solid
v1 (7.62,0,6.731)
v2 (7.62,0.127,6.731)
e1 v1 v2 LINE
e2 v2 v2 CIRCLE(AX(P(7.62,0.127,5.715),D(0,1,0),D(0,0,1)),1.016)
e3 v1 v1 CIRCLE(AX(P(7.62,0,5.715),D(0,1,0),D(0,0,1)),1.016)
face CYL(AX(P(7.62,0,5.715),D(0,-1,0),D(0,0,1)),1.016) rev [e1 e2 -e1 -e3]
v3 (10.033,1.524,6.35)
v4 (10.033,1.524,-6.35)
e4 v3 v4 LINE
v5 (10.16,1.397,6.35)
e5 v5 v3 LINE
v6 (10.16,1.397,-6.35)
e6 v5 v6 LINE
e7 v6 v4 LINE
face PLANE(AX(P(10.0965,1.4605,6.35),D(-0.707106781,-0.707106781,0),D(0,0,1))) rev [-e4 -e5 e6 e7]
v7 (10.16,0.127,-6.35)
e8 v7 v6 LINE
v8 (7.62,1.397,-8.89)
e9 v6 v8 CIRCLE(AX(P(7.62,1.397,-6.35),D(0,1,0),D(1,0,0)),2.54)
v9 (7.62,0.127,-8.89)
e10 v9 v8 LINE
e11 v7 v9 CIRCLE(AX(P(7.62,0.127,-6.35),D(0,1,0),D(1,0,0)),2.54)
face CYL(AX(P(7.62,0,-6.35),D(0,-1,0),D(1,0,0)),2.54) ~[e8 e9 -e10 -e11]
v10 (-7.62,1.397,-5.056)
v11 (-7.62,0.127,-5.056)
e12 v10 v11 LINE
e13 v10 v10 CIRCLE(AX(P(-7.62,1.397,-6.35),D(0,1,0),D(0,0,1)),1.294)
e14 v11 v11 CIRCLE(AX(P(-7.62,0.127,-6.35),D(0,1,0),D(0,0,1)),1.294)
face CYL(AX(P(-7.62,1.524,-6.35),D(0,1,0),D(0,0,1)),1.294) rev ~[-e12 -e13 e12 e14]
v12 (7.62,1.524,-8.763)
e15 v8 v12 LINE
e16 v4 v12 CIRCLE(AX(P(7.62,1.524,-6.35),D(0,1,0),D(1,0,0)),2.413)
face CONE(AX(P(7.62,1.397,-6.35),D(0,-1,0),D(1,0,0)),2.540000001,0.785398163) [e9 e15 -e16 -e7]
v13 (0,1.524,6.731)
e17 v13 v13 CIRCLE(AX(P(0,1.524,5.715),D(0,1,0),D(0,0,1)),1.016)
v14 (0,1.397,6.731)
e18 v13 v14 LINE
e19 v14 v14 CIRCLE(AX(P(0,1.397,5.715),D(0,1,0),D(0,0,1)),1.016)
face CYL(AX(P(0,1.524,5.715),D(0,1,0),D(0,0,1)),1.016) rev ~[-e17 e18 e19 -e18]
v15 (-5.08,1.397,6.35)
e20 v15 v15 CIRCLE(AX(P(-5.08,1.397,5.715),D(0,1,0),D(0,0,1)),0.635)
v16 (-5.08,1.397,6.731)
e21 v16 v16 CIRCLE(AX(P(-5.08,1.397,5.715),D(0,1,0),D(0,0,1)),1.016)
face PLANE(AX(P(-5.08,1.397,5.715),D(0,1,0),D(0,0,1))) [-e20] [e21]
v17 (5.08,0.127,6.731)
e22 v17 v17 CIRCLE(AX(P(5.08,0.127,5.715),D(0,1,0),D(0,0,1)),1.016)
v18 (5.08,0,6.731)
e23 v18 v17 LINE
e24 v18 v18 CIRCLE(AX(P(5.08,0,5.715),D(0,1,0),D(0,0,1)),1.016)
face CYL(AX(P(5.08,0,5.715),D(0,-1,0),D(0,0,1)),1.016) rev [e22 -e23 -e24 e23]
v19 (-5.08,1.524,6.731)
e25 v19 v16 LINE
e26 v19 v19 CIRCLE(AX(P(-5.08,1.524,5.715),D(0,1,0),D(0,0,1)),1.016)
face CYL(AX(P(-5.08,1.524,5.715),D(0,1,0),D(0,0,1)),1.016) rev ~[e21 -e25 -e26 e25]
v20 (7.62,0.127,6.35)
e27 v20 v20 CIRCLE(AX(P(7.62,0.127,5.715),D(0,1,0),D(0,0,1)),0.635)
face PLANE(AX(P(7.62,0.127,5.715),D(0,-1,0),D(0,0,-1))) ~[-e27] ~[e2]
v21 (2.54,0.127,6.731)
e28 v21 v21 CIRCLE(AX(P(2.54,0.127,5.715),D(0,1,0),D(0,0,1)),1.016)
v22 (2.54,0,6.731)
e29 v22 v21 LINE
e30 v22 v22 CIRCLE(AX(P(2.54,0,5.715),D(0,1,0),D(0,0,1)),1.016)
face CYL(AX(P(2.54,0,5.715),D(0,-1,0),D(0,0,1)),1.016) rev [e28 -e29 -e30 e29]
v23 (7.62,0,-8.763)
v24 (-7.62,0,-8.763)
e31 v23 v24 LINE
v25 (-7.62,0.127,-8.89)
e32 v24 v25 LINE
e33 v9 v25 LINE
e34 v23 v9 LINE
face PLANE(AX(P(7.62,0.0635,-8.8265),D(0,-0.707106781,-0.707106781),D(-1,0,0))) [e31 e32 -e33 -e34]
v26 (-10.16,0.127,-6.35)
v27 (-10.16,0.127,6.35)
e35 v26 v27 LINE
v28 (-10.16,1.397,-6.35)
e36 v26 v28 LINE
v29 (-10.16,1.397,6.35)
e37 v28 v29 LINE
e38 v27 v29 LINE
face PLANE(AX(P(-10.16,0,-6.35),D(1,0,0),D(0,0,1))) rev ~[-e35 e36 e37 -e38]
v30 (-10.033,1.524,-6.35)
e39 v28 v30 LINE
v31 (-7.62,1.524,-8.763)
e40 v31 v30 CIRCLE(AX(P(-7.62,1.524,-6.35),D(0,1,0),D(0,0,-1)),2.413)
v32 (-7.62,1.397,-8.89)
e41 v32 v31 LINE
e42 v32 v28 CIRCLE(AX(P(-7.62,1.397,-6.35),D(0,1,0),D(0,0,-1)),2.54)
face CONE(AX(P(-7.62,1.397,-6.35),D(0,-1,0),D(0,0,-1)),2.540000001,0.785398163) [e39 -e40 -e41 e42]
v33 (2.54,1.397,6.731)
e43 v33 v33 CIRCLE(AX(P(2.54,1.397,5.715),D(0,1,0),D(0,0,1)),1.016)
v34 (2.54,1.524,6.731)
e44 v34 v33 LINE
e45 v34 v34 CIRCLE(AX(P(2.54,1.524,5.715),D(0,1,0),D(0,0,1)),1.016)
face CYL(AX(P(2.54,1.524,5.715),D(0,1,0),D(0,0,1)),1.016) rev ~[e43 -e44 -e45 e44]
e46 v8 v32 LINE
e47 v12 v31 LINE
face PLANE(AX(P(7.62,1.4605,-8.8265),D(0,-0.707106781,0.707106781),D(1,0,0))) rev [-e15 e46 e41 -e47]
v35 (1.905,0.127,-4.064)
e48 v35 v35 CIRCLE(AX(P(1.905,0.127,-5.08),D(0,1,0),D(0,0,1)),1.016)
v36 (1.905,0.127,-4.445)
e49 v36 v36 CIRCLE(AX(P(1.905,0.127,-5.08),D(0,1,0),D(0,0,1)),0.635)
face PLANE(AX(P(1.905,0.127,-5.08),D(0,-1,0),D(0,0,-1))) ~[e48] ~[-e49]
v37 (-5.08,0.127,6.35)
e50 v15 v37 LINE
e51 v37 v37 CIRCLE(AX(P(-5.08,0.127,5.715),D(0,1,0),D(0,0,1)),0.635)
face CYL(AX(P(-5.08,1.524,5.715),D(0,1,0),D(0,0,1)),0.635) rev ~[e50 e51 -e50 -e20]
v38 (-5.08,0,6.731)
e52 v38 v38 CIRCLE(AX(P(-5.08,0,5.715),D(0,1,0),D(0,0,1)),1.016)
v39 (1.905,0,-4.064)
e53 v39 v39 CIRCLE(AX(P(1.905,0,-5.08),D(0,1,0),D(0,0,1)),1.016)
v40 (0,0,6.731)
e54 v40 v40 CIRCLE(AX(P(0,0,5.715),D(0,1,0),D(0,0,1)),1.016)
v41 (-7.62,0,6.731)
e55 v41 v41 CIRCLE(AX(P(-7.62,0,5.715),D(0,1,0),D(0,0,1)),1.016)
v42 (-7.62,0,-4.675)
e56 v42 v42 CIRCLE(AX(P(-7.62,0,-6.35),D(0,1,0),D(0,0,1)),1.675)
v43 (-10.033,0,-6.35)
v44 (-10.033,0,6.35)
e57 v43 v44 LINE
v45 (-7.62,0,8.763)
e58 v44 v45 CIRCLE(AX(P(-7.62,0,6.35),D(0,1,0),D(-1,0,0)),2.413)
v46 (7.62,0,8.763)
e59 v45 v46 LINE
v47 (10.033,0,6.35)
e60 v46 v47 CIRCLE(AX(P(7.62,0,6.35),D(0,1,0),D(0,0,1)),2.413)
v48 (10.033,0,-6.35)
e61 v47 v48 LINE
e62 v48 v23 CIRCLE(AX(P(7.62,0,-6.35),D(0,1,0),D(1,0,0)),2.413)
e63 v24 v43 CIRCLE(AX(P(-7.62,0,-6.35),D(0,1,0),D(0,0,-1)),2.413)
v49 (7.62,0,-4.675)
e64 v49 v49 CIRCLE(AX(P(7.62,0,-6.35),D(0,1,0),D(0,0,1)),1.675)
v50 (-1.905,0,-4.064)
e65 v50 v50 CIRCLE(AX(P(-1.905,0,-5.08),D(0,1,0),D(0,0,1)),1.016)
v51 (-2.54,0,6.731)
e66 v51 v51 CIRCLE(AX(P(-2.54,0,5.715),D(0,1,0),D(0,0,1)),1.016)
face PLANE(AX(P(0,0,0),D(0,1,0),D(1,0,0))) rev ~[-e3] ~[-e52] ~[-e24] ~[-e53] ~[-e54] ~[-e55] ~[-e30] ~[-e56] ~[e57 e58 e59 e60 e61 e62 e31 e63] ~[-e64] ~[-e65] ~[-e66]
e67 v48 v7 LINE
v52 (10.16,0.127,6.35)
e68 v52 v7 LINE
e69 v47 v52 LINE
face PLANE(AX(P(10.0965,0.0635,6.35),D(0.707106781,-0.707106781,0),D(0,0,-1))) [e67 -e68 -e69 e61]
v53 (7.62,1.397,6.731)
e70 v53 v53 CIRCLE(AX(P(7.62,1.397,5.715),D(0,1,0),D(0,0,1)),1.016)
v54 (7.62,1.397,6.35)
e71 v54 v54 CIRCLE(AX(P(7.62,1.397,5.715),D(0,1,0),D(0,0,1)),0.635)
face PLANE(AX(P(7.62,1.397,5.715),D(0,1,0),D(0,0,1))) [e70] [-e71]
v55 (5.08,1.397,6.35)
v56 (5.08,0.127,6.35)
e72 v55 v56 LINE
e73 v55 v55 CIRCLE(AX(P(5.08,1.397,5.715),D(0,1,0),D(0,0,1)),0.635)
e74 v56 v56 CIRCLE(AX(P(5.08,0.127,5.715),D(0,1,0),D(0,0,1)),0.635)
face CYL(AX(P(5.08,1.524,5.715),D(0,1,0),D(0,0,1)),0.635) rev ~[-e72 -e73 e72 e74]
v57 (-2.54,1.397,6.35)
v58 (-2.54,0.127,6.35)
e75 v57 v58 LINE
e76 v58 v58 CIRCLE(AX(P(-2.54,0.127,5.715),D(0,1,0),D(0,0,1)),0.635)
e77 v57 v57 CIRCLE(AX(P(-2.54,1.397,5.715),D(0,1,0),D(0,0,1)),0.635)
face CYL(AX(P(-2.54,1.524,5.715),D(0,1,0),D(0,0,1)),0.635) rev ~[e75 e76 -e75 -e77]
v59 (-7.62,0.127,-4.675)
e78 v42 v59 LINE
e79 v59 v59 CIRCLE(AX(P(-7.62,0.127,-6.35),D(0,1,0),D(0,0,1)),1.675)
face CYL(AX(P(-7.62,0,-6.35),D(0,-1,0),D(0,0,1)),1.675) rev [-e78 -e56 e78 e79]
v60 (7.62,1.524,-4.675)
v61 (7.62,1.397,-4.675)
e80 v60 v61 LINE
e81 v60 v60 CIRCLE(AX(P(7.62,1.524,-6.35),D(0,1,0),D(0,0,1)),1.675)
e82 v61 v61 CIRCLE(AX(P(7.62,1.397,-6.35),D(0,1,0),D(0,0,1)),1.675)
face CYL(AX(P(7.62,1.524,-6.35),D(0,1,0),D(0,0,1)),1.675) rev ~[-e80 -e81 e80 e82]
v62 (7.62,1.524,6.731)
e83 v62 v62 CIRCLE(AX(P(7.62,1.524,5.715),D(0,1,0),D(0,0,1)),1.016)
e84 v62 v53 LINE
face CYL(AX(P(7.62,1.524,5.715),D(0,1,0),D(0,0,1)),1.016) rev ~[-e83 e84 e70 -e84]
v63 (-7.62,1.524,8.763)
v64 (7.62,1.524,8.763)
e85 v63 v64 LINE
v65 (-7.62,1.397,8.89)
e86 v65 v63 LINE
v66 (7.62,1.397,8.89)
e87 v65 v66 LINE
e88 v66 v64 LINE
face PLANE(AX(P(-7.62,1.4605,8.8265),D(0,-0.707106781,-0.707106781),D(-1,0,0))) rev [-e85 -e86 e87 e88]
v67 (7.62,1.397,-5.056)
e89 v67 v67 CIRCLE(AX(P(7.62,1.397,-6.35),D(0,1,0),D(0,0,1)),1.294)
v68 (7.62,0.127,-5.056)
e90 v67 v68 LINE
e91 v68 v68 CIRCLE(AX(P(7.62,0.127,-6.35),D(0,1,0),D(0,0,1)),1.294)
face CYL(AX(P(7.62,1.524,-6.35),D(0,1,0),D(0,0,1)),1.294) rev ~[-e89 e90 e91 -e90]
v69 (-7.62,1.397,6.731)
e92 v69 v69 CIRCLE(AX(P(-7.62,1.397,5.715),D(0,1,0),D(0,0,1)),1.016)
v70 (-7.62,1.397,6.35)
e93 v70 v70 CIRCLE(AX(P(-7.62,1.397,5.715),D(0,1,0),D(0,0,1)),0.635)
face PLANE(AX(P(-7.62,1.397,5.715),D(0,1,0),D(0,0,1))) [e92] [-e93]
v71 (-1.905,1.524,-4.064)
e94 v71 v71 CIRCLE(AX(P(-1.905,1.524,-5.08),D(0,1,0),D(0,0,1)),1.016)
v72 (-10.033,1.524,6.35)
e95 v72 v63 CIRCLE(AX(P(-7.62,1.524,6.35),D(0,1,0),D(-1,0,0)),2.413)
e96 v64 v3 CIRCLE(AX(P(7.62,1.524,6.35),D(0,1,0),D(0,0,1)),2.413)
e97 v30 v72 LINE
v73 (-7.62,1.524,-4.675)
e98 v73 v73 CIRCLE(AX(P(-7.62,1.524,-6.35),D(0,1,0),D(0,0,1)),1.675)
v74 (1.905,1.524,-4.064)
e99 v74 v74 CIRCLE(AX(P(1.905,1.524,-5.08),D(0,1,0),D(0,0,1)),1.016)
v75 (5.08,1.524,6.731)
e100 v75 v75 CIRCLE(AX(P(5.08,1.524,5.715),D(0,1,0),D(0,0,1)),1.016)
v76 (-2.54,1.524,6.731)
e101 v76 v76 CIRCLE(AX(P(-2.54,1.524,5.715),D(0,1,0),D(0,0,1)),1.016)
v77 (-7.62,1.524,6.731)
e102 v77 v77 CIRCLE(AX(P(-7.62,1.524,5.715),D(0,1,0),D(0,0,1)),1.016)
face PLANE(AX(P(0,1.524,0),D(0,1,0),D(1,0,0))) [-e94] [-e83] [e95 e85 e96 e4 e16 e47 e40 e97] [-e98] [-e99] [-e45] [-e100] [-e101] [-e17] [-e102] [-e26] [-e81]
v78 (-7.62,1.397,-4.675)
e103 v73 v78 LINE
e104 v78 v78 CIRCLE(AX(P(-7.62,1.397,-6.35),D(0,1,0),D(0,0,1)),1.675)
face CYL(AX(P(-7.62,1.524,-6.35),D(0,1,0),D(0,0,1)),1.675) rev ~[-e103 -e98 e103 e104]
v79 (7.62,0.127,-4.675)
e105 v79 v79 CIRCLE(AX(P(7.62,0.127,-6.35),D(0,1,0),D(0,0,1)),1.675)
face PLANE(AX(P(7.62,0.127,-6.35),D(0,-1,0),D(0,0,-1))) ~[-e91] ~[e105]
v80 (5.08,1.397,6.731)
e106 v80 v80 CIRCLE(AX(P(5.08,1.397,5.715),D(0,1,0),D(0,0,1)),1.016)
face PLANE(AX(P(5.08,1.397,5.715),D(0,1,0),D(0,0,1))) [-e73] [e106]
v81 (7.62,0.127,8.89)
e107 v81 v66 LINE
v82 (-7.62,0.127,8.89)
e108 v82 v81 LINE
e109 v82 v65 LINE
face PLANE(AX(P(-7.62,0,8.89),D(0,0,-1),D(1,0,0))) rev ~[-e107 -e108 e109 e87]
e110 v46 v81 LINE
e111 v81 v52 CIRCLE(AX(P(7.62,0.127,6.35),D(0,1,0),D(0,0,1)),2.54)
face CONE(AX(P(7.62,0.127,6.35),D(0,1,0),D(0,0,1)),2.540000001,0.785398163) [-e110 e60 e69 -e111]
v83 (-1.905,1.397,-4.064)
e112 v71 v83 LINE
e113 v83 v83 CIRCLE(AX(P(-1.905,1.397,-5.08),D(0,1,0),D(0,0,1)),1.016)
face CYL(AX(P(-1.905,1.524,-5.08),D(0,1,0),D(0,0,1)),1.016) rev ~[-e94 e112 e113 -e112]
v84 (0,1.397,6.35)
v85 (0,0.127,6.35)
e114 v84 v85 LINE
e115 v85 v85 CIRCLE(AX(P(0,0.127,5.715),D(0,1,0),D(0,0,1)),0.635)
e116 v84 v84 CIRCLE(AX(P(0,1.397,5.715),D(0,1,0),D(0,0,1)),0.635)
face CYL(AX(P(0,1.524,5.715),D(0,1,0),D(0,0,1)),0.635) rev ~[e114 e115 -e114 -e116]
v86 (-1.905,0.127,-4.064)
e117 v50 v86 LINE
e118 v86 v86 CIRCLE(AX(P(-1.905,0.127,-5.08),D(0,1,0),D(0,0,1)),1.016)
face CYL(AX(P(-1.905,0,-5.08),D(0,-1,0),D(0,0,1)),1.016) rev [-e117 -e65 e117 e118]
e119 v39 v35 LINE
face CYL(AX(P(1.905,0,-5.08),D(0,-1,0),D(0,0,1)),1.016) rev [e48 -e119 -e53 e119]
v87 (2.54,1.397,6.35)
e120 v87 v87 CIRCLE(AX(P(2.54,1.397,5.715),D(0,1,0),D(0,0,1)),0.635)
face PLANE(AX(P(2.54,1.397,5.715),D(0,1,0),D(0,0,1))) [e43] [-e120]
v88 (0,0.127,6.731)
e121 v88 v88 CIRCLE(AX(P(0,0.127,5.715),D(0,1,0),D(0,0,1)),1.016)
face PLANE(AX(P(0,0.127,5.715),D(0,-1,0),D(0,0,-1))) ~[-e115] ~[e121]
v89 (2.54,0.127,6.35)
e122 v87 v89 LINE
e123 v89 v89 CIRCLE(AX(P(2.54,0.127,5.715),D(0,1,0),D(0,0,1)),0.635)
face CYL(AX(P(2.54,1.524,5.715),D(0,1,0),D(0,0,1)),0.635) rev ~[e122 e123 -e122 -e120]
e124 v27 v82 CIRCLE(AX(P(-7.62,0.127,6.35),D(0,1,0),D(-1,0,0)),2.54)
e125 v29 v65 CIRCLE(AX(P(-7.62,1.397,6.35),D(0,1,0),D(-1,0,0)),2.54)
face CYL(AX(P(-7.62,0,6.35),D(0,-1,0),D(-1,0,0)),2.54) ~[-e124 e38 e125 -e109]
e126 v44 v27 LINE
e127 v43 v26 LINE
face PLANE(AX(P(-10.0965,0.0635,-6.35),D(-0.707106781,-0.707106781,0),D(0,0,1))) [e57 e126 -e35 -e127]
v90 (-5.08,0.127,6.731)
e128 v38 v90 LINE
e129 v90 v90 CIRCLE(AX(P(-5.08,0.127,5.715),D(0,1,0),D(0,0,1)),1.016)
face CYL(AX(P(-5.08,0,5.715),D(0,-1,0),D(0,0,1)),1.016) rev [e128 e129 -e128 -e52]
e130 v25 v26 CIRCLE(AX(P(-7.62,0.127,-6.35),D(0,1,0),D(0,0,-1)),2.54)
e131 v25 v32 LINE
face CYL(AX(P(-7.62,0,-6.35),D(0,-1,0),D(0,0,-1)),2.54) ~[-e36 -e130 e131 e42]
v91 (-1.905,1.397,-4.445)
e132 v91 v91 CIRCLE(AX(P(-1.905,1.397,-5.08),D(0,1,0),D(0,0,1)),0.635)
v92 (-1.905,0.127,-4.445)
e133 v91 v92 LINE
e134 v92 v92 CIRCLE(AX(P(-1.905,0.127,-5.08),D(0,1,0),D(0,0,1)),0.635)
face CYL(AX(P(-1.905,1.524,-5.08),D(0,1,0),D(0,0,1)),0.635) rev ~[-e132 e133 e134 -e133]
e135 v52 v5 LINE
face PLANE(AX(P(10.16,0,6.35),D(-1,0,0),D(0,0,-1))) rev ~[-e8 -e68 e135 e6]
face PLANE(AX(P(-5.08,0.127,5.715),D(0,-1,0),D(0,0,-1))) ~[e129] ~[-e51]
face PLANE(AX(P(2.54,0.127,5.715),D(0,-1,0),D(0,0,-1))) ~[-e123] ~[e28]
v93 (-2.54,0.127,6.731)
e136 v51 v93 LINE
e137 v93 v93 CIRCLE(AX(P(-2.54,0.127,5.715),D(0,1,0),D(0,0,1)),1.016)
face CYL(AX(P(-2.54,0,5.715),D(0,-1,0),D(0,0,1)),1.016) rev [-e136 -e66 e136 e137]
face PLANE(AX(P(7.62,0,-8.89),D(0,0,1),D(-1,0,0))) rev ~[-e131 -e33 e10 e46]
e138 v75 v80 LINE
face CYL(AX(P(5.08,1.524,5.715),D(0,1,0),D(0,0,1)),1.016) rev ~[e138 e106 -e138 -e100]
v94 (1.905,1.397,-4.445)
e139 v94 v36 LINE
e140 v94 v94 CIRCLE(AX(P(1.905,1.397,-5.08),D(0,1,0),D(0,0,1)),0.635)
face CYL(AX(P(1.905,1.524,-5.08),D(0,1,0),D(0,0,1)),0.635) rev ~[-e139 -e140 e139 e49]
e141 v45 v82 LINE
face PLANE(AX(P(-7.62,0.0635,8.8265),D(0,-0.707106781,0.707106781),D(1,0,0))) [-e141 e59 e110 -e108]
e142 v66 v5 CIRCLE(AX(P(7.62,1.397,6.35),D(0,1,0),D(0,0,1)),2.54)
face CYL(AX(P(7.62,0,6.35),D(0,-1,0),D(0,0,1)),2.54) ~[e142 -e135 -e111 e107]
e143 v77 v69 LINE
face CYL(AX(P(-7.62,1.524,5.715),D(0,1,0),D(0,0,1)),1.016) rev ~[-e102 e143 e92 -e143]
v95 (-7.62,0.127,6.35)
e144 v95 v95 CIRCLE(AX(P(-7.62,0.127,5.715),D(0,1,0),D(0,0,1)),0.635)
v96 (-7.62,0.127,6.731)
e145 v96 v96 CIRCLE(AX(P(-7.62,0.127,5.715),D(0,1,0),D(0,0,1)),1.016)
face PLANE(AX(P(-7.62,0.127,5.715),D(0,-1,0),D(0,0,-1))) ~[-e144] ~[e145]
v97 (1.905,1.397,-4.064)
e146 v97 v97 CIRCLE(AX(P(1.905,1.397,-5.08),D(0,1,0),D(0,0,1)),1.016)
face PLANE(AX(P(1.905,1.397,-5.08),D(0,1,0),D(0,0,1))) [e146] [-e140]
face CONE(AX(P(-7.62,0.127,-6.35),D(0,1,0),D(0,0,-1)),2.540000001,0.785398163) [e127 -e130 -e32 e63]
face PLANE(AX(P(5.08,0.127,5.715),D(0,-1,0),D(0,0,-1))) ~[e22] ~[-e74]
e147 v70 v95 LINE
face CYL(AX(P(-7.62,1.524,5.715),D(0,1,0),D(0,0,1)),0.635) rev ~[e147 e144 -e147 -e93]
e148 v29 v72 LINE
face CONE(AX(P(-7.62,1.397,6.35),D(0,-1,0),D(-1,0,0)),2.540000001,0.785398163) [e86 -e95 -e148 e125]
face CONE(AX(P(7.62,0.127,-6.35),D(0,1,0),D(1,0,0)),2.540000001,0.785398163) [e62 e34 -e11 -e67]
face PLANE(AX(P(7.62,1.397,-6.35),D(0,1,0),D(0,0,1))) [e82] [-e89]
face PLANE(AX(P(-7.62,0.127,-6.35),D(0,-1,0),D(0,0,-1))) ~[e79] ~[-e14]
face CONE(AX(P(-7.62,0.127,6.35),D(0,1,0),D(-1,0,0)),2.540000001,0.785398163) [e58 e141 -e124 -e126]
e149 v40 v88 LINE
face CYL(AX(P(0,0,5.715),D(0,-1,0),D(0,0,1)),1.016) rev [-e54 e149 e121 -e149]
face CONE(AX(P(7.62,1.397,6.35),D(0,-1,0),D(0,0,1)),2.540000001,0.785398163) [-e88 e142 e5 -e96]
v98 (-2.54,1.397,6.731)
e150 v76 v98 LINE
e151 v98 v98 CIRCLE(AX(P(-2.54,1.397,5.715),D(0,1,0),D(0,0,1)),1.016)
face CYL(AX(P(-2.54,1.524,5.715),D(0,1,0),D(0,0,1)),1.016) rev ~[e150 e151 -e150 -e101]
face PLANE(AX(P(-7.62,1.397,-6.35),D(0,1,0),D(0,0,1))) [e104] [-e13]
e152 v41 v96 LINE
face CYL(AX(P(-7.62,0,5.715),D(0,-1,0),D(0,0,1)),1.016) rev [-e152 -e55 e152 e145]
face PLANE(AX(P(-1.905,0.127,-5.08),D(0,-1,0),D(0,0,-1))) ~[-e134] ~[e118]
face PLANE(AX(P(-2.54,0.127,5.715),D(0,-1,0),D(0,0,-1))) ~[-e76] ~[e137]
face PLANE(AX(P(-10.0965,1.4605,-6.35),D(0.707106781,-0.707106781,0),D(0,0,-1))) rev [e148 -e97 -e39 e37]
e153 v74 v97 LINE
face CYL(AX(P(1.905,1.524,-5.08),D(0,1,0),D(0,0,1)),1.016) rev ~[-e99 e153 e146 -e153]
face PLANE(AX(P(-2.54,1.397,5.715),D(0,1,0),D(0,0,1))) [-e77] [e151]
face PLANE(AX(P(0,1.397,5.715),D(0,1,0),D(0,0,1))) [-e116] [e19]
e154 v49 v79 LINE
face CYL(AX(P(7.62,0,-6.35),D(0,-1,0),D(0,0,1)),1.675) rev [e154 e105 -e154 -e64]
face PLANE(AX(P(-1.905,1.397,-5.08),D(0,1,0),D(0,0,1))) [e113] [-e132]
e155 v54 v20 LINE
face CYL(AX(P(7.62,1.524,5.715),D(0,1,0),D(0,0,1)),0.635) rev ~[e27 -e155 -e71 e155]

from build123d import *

# Parameters (mm, degrees)
BOSS_EXTRUDE1_DEPTH = 1.524
SKETCH2_R           = 1.294
SKETCH2_R_2         = 0.635
CUT_EXTRUDE1_DEPTH  = 1.524
SKETCH2_4_R         = 1.675
SKETCH2_4_R_2       = 1.016
CUT_EXTRUDE2_DEPTH  = 0.127
CHAMFER1_SIZE       = 0.127


with BuildPart() as part:
    # Sketch1 → Boss-Extrude1 (new body)
    with BuildSketch(Plane(origin=(0, 0, 0), x_dir=(1, 0, 0), z_dir=(0, 1, 0))):
        with BuildLine():
            Line((-7.62, -8.89), (7.62, -8.89))
            ThreePointArc((7.62, -8.89), (9.416051224, -8.146051224), (10.16, -6.35))
            Line((10.16, -6.35), (10.16, 6.35))
            ThreePointArc((10.16, 6.35), (9.416051224, 8.146051224), (7.62, 8.89))
            Line((7.62, 8.89), (-7.62, 8.89))
            ThreePointArc((-7.62, 8.89), (-9.416051224, 8.146051224), (-10.16, 6.35))
            Line((-10.16, 6.35), (-10.16, -6.35))
            ThreePointArc((-10.16, -6.35), (-9.416051224, -8.146051224), (-7.62, -8.89))
        make_face()
    extrude(amount=BOSS_EXTRUDE1_DEPTH)

    # Sketch2 → Cut-Extrude1 (cut)
    with BuildSketch(Plane(origin=(0, 1.524, 0), x_dir=(1, 0, 0), z_dir=(0, 1, 0))):
        with Locations(Location((-7.62, 6.35, 0), (0, 0, 270))):
            Circle(SKETCH2_R)
        with Locations(Location((7.62, 6.35, 0), (0, 0, 270))):
            Circle(SKETCH2_R)
        with Locations(Location((-7.62, -5.715, 0), (0, 0, 270))):
            Circle(SKETCH2_R_2)
        with Locations(Location((-5.08, -5.715, 0), (0, 0, 270))):
            Circle(SKETCH2_R_2)
        with Locations(Location((-2.54, -5.715, 0), (0, 0, 270))):
            Circle(SKETCH2_R_2)
        with Locations(Location((0, -5.715, 0), (0, 0, 270))):
            Circle(SKETCH2_R_2)
        with Locations(Location((2.54, -5.715, 0), (0, 0, 270))):
            Circle(SKETCH2_R_2)
        with Locations(Location((5.08, -5.715, 0), (0, 0, 270))):
            Circle(SKETCH2_R_2)
        with Locations(Location((7.62, -5.715, 0), (0, 0, 270))):
            Circle(SKETCH2_R_2)
        with Locations(Location((1.905, 5.08, 0), (0, 0, 270))):
            Circle(SKETCH2_R_2)
        with Locations(Location((-1.905, 5.08, 0), (0, 0, 270))):
            Circle(SKETCH2_R_2)
    extrude(amount=-CUT_EXTRUDE1_DEPTH, mode=Mode.SUBTRACT)

    # Sketch2_4 → Cut-Extrude2 (cut)
    with BuildSketch(Plane(origin=(0, 1.524, 0), x_dir=(1, 0, 0), z_dir=(0, 1, 0))):
        with Locations(Location((-7.62, 6.35, 0), (0, 0, 270))):
            Circle(SKETCH2_4_R)
        with Locations(Location((7.62, 6.35, 0), (0, 0, 270))):
            Circle(SKETCH2_4_R)
        with Locations(Location((-1.905, 5.08, 0), (0, 0, 270))):
            Circle(SKETCH2_4_R_2)
        with Locations(Location((1.905, 5.08, 0), (0, 0, 270))):
            Circle(SKETCH2_4_R_2)
        with Locations(Location((-7.62, -5.715, 0), (0, 0, 270))):
            Circle(SKETCH2_4_R_2)
        with Locations(Location((-5.08, -5.715, 0), (0, 0, 270))):
            Circle(SKETCH2_4_R_2)
        with Locations(Location((-2.54, -5.715, 0), (0, 0, 270))):
            Circle(SKETCH2_4_R_2)
        with Locations(Location((0, -5.715, 0), (0, 0, 270))):
            Circle(SKETCH2_4_R_2)
        with Locations(Location((2.54, -5.715, 0), (0, 0, 270))):
            Circle(SKETCH2_4_R_2)
        with Locations(Location((5.08, -5.715, 0), (0, 0, 270))):
            Circle(SKETCH2_4_R_2)
        with Locations(Location((7.62, -5.715, 0), (0, 0, 270))):
            Circle(SKETCH2_4_R_2)
    cut_extrude2 = extrude(amount=-CUT_EXTRUDE2_DEPTH, mode=Mode.SUBTRACT)

    # Mirror1: Cut-Extrude2 across plane
    add(cut_extrude2.mirror(Plane.ZX.offset(0.762)), mode=Mode.SUBTRACT)

    # Chamfer1
    chamfer1_edges = [part.edges().sort_by_distance(p)[0] for p in [
        (10.16, 0, 0),
        (9.416051224, 0, 8.146051224),
        (0, 0, 8.89),
        (-9.416051224, 0, 8.146051224),
        (9.416051224, 1.524, 8.146051224),
        (10.16, 1.524, 0),
        (9.416051224, 1.524, -8.146051224),
        (0, 1.524, -8.89),
        (-9.416051224, 1.524, -8.146051224),
        (-10.16, 1.524, 0),
        (-9.416051224, 1.524, 8.146051224),
        (-10.16, 0, 0),
        (0, 1.524, 8.89),
        (-9.416051224, 0, -8.146051224),
        (0, 0, -8.89),
        (9.416051224, 0, -8.146051224),
    ]]
    chamfer(chamfer1_edges, length=CHAMFER1_SIZE)


solid = part.part
